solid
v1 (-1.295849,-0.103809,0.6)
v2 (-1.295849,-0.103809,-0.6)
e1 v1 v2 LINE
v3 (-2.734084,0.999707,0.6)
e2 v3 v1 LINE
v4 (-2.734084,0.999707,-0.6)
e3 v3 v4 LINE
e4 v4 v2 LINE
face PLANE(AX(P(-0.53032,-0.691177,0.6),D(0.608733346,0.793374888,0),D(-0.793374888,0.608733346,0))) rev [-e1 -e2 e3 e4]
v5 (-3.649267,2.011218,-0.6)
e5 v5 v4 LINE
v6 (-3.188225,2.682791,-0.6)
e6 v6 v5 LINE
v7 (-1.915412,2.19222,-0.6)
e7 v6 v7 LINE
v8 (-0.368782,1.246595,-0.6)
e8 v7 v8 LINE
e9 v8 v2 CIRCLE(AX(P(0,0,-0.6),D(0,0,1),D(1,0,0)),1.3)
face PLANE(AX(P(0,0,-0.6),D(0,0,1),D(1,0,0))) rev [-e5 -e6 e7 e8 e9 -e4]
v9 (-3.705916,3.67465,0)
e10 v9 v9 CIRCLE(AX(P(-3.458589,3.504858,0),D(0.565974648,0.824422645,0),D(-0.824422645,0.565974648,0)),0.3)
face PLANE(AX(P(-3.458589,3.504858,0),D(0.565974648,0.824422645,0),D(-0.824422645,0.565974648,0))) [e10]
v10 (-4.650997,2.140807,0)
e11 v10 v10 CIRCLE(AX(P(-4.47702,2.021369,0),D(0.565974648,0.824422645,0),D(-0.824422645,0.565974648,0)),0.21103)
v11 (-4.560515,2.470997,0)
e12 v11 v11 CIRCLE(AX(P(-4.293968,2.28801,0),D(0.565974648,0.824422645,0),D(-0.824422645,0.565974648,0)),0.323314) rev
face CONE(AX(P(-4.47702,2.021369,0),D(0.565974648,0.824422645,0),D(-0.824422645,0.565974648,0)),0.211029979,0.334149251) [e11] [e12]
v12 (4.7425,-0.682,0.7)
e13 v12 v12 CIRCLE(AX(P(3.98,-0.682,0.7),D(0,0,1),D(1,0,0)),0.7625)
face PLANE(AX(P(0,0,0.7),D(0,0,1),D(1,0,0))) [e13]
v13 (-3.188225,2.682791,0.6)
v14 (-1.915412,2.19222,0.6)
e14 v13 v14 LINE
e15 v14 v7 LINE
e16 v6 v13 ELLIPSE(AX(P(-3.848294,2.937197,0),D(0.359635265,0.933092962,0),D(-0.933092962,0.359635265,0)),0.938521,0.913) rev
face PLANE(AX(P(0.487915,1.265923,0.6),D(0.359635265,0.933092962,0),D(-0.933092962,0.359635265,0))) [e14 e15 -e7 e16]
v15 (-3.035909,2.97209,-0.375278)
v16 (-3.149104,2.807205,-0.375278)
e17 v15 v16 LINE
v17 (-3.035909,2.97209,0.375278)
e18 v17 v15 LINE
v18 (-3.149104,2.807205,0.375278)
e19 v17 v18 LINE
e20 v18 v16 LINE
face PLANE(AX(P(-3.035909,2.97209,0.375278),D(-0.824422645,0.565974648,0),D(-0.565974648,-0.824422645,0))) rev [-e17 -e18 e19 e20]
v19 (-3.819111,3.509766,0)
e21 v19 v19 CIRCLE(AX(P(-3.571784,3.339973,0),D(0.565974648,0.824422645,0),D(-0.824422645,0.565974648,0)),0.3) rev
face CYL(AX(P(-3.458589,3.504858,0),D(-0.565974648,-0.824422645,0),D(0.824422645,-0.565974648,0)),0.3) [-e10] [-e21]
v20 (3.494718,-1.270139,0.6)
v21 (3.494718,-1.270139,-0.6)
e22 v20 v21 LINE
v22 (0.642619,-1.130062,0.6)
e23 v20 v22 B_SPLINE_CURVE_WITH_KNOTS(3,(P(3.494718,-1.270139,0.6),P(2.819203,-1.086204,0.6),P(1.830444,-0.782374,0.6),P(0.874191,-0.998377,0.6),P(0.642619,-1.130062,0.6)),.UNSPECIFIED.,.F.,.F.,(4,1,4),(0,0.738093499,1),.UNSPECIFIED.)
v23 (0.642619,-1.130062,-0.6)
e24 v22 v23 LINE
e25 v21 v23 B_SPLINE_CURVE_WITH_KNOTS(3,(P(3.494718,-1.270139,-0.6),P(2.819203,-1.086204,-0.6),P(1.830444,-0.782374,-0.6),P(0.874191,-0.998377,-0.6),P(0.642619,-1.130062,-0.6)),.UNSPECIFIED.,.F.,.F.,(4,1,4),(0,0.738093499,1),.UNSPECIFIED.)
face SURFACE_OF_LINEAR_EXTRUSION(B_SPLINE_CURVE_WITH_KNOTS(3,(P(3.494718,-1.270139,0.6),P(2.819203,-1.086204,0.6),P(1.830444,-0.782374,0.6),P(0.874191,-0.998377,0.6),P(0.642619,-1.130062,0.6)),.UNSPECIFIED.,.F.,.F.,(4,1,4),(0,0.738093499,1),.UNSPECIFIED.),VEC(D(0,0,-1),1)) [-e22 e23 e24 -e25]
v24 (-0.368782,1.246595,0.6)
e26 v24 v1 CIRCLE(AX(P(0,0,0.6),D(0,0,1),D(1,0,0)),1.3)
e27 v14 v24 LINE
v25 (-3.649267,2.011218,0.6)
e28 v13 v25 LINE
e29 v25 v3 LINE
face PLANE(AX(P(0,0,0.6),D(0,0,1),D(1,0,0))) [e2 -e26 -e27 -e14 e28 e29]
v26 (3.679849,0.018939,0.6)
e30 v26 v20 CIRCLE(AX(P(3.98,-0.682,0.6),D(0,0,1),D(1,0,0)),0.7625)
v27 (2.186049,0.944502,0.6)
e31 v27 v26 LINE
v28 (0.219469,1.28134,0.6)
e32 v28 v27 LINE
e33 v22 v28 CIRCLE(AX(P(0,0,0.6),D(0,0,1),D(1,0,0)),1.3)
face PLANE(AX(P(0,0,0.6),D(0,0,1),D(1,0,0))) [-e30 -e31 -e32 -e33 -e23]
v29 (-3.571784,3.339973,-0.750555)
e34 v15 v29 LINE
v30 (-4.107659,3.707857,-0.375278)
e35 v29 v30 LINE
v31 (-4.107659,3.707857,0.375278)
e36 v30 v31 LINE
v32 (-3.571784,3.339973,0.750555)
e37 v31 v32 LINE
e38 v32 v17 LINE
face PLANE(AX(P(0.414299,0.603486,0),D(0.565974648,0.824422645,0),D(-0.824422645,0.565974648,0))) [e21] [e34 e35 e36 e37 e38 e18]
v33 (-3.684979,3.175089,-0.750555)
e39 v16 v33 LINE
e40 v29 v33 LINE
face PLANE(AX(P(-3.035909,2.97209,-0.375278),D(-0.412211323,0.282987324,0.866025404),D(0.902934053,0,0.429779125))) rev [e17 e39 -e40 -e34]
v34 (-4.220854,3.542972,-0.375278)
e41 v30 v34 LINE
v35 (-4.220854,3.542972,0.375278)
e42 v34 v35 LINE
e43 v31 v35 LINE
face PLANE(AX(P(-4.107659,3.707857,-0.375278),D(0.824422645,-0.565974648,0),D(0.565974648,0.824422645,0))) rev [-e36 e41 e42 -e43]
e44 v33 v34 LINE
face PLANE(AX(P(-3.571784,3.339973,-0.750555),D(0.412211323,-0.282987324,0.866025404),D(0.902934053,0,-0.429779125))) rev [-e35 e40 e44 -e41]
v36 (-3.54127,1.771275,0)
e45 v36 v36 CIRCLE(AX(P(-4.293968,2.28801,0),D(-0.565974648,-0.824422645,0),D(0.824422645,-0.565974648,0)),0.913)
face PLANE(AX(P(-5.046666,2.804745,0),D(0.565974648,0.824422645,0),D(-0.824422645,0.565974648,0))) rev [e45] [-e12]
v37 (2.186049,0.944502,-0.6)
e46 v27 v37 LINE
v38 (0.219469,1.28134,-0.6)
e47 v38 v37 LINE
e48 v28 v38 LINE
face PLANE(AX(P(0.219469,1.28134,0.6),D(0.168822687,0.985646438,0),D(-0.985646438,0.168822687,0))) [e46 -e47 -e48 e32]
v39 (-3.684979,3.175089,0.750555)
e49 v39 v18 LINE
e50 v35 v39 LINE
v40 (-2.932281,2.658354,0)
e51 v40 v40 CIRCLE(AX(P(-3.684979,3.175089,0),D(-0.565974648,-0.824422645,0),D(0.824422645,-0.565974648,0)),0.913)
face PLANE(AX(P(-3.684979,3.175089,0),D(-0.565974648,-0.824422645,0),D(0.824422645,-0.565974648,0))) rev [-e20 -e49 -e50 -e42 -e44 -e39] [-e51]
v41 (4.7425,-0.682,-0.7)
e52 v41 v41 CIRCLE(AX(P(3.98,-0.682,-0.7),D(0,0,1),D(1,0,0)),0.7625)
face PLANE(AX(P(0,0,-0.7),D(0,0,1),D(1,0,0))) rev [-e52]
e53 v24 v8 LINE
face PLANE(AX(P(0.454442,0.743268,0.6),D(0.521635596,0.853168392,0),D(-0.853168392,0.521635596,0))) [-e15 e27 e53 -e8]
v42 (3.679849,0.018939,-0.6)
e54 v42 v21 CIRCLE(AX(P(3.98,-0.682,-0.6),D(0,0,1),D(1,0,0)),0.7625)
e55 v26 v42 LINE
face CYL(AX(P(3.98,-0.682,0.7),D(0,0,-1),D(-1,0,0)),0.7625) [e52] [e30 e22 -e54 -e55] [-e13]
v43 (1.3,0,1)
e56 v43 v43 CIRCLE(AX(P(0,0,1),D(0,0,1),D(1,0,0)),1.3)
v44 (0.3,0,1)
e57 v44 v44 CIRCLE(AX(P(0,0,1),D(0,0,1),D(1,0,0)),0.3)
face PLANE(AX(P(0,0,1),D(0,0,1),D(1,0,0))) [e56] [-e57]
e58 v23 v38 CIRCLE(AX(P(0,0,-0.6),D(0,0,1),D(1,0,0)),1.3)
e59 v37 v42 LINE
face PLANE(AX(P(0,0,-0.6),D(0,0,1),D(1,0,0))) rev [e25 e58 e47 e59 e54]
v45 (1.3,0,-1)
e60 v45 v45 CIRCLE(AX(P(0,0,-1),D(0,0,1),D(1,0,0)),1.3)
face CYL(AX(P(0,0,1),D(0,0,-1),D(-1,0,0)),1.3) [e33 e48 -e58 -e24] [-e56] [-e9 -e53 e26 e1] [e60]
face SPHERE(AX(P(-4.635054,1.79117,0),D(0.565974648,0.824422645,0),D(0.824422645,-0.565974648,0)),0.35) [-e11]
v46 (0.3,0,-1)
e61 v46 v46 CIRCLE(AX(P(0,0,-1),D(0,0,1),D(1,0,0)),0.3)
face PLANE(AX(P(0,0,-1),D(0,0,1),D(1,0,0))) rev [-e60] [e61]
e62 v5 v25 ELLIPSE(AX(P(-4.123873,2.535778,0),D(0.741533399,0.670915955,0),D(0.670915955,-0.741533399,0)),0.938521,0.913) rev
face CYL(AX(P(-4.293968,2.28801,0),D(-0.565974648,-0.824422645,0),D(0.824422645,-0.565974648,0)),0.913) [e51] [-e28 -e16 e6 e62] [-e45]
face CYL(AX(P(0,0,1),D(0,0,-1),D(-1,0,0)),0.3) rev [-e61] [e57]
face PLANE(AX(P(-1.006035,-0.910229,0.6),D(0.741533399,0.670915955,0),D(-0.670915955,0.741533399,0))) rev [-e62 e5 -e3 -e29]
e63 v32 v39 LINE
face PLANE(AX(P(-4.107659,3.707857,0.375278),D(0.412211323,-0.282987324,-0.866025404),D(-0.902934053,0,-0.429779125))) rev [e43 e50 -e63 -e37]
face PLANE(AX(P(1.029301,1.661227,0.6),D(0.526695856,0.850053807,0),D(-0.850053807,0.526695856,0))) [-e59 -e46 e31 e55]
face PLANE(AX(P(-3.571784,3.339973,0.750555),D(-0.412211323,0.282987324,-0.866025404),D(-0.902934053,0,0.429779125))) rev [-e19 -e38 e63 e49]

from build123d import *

# Parameters (mm, degrees)
SKETCH1_R           = 0.3
BOSS_EXTRUDE1_DEPTH = 1
BOSS_EXTRUDE2_DEPTH = 0.7
BOSS_EXTRUDE3_DEPTH = 0.6
BOSS_EXTRUDE4_DEPTH = 0.2
SKETCH5_R           = 0.3
BOSS_EXTRUDE5_DEPTH = 0.2


with BuildPart() as part:
    # Sketch1 → Boss-Extrude1 (new, symmetric)
    with BuildSketch(Plane.XY):
        with BuildLine():
            ThreePointArc((1.3, 0), (0.993808417, 0.838060159), (0.219469493, 1.281340369))
            ThreePointArc((0.219469493, 1.281340369), (-0.076650989, 1.297738273), (-0.368782161, 1.24659525))
            ThreePointArc((-0.368782161, 1.24659525), (-1.071749439, 0.735767042), (-1.295848634, -0.103809043))
            ThreePointArc((-1.295848634, -0.103809043), (-0.608256692, -1.148922885), (0.642618962, -1.13006233))
            ThreePointArc((0.642618962, -1.13006233), (1.123700283, -0.653680101), (1.3, 0))
        make_face()
        Circle(SKETCH1_R, mode=Mode.SUBTRACT)
    extrude(amount=BOSS_EXTRUDE1_DEPTH, both=True)



with BuildPart() as body_2:
    # Sketch1<3> → Boss-Extrude2 (new, symmetric)
    with BuildSketch(Plane.XY):
        with BuildLine():
            ThreePointArc((4.7425, -0.682), (4.399845934, -0.045497336), (3.679849137, 0.018939162))
            ThreePointArc((3.679849137, 0.018939162), (3.22524382, -0.573605538), (3.494717907, -1.270139049))
            ThreePointArc((3.494717907, -1.270139049), (4.30509895, -1.371722352), (4.7425, -0.682))
        make_face()
    extrude(amount=BOSS_EXTRUDE2_DEPTH, both=True)


with BuildPart() as part_1:
    add(part.part)

    add(body_2.part)  # Boss-Extrude3 merges body 2
    # Sketch1<4> → Boss-Extrude3 (add, symmetric)
    with BuildSketch(Plane.XY):
        with BuildLine():
            Line((2.186048651, 0.944502367), (0.219469493, 1.281340369))
            ThreePointArc((0.219469493, 1.281340369), (1.280435422, 0.224688962), (0.642618962, -1.13006233))
            add(Edge.make_bspline(
                [(3.494717907, -1.270139049), (2.819202825, -1.086203937), (1.830443771, -0.782374183), (0.874191176, -0.998376943), (0.642618962, -1.13006233)],
                knots=[0, 0, 0, 0, 0.738093499, 1, 1, 1, 1], degree=3))
            ThreePointArc((3.494717907, -1.270139049), (3.22524382, -0.573605538), (3.679849137, 0.018939162))
            Line((3.679849137, 0.018939162), (2.186048651, 0.944502367))
        make_face()
        with BuildLine():
            ThreePointArc((-1.295848634, -0.103809043), (-1.071749439, 0.735767042), (-0.368782161, 1.24659525))
            Line((-0.368782161, 1.24659525), (-1.915411787, 2.192219906))
            Line((-1.915411787, 2.192219906), (-3.469420101, 2.791170079))
            Line((-3.469420101, 2.791170079), (-3.851452989, 2.234684794))
            Line((-3.851452989, 2.234684794), (-2.734084179, 0.999707022))
            Line((-2.734084179, 0.999707022), (-1.295848634, -0.103809043))
        make_face()
    extrude(amount=BOSS_EXTRUDE3_DEPTH, both=True)



with BuildPart() as body_2_2:
    # Sketch2 → Revolve1 (revolve)
    with BuildSketch(Plane.XY):
        with BuildLine():
            Line((-3.851452989, 2.234684794), (-3.443951242, 2.828269098))
            Line((-3.443951242, 2.828269098), (-3.769598187, 3.051829084))
            Line((-3.769598187, 3.051829084), (-4.833144721, 1.502622153))
            ThreePointArc((-4.833144721, 1.502622153), (-4.424469448, 1.511609143), (-4.303041686, 1.901931501))
            Line((-4.303041686, 1.901931501), (-3.851452989, 2.234684794))
        make_face()
    revolve(axis=Axis((-3.769598187, 3.051829084, 0), (-0.565974647839503, -0.8244226452511785, 0)))


with BuildPart() as part_2:
    add(part_1.part)

    add(body_2_2.part)  # Revolve2 merges body 2 2
    # Sketch3 → Revolve2 (revolve)
    with BuildSketch(Plane.XY):
        Polygon((-4.2939678, 2.288010094), (-3.684979079, 3.175088861), (-4.437676954, 3.691823714), (-5.046665676, 2.804744948), align=None)
    revolve(axis=Axis((-4.2939678, 2.288010094, 0), (0.5659746478395024, 0.824422645251179, 0)))

    # Sketch4 → Boss-Extrude4 (add, symmetric)
    with BuildSketch(Plane(origin=(0.30110441, 0.438601438, 0), x_dir=(0.8244226452511789, -0.5659746478395025, 0), z_dir=(0.5659746478395025, 0.8244226452511789, 0))):
        Polygon((-4.185, 0.375277675), (-4.835, 0.75055535), (-5.485, 0.375277675), (-5.485, -0.375277675), (-4.835, -0.75055535), (-4.185, -0.375277675), align=None)
    extrude(amount=BOSS_EXTRUDE4_DEPTH, both=True)

    # Sketch5 → Boss-Extrude5 (add, symmetric)
    with BuildSketch(Plane(origin=(0.41429934, 0.603485967, 0), x_dir=(0.8244226452511786, -0.5659746478395029, 0), z_dir=(0.5659746478395029, 0.8244226452511786, 0))):
        with Locations((-4.835, 0)):
            Circle(SKETCH5_R)
    extrude(amount=BOSS_EXTRUDE5_DEPTH, both=True)


solid = part_2.part
